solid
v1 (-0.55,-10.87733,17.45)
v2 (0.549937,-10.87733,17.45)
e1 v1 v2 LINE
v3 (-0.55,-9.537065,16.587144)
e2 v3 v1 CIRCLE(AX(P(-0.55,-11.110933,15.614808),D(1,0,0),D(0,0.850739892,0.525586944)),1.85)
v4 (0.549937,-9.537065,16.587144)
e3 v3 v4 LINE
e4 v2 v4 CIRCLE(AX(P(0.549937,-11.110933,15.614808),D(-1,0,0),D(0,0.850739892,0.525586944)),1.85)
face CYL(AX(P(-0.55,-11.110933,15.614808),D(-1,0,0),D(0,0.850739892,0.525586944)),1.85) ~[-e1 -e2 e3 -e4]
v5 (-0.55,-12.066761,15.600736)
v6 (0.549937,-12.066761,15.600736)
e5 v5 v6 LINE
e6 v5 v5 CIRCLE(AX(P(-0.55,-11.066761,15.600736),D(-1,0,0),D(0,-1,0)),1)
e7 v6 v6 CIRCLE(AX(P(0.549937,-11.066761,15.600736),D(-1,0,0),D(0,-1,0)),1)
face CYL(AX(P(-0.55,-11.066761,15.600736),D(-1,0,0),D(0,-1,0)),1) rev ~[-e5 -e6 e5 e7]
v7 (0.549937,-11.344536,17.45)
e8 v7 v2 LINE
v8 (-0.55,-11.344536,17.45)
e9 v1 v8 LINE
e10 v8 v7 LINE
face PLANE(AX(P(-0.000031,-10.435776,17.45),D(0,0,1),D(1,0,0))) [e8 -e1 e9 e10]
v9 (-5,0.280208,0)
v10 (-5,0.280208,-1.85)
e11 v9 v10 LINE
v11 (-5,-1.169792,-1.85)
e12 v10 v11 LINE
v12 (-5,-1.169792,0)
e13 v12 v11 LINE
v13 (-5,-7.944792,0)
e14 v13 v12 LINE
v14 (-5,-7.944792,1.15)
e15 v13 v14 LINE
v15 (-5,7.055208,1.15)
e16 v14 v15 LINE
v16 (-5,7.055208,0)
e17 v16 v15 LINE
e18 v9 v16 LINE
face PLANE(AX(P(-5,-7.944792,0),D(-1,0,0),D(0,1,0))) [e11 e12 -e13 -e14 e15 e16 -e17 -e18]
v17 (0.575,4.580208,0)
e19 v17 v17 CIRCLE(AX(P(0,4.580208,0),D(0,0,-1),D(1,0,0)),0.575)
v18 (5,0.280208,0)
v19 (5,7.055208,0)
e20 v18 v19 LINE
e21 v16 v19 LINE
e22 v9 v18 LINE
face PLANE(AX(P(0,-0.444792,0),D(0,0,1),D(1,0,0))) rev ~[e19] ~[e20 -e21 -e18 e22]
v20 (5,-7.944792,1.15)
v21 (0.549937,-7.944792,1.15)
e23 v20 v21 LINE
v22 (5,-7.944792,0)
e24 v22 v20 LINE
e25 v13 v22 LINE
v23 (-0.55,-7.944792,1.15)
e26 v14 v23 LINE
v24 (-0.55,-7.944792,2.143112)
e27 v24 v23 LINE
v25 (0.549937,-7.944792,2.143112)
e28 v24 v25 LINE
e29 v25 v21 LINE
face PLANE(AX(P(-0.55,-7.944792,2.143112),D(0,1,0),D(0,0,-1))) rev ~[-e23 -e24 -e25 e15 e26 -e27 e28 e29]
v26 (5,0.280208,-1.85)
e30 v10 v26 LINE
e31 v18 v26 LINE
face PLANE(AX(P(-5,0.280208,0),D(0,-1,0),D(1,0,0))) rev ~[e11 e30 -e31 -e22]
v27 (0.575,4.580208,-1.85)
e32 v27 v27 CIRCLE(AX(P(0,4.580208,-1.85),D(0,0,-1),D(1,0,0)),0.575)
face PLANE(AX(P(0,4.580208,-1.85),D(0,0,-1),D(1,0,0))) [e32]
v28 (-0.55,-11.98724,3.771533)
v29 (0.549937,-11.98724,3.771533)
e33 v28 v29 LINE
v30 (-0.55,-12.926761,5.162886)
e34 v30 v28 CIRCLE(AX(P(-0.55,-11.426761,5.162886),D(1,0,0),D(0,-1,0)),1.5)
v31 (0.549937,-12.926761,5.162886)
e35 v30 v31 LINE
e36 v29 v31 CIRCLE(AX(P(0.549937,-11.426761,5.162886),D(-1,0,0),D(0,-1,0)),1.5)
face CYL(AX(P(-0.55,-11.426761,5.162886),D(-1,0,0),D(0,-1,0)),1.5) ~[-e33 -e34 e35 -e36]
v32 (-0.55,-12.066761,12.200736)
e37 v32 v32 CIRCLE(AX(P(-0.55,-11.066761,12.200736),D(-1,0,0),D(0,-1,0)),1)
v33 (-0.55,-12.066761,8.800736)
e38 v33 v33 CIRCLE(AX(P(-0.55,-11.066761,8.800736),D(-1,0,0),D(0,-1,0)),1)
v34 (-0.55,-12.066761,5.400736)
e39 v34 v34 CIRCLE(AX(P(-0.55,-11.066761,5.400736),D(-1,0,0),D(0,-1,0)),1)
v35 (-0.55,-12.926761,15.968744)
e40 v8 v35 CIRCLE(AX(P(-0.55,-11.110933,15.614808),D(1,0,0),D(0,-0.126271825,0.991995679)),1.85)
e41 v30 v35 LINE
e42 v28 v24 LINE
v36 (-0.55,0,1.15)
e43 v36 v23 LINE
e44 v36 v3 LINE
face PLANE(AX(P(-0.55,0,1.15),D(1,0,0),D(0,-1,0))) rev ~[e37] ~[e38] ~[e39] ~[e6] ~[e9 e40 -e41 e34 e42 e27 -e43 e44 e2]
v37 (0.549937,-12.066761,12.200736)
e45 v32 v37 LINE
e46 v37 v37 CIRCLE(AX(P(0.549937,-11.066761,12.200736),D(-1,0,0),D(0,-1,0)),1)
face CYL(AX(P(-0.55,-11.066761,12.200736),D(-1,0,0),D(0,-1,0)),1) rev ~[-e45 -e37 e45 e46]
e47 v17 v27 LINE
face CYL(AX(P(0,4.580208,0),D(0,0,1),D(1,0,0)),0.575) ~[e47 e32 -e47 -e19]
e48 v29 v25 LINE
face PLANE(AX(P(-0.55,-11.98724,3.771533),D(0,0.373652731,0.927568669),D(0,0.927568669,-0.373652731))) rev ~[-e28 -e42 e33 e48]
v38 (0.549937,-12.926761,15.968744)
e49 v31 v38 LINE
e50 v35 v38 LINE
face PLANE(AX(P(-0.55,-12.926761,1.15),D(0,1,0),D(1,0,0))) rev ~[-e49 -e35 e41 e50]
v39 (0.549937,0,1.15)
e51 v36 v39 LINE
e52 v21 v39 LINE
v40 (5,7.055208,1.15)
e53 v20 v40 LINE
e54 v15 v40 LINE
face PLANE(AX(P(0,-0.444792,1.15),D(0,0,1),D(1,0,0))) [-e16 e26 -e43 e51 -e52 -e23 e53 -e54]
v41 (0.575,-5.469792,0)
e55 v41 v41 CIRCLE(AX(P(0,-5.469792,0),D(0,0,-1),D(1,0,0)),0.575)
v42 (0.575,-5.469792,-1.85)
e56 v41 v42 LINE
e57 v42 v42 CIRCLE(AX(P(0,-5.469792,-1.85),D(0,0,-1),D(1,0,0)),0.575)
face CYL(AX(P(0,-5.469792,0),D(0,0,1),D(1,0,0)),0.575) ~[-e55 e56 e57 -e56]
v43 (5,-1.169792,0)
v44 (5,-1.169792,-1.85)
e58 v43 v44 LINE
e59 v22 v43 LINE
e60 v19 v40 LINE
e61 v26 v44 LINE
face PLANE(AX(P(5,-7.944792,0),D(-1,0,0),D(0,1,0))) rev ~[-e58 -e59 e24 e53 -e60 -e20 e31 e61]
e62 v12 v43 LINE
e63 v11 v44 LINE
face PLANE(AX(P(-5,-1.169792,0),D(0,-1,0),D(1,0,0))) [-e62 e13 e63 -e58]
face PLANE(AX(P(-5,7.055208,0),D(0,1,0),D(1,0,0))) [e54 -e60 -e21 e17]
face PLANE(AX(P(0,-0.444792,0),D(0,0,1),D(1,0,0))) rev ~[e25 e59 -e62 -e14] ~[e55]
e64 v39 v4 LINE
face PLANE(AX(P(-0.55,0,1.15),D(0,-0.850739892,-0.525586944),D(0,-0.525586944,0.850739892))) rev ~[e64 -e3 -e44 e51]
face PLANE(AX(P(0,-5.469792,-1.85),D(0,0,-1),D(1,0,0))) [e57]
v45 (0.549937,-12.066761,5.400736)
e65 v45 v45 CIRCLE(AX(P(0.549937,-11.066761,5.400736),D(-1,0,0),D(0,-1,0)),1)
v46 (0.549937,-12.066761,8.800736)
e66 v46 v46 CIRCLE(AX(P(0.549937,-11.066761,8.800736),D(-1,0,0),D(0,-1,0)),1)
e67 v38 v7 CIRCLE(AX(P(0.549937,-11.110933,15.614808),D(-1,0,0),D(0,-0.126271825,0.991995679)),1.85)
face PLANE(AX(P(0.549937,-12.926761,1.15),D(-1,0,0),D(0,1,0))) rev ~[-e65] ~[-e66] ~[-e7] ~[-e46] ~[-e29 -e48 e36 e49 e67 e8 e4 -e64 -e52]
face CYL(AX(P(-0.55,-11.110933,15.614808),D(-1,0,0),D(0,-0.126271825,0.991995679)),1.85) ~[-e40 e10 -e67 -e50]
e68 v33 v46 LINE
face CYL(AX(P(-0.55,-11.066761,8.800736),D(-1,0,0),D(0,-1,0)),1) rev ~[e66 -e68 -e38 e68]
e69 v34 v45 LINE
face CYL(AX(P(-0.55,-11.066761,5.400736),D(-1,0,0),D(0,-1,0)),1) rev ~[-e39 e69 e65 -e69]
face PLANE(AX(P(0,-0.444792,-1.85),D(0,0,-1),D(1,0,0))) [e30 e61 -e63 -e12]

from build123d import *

# Parameters (mm, degrees)
F0_W     = 10
F0_H     = 15
F1_DEPTH = 1.15
F2_W     = 10
F2_H     = 1.45
F2_R     = 0.575
F3_DEPTH = 1.85
F5_W     = 1.0999371812
F5_H     = 4.9819686796
F5_H_2   = 7.9447921516
F6_DEPTH = 16.3
F7_R     = 1
F8_DEPTH = 3


with BuildPart() as f1:
    # F0 (on Top) → F1 (new body)
    with BuildSketch(Plane.XY):
        with Locations((4.657e-07, -0.4447921516)):
            Rectangle(F0_W, F0_H)
    extrude(amount=F1_DEPTH)

    # F2 (on face) → F3 (join)
    with BuildSketch(Plane(origin=(0, 0, 0), x_dir=(1, 0, 0), z_dir=(0, 0, -1))):
        with Locations((4.657e-07, 0.4447921516)):
            Rectangle(F2_W, F2_H)
        with Locations((4.657e-07, -4.5802078484)):
            Circle(F2_R)
        with Locations((4.657e-07, 5.4697921516)):
            Circle(F2_R)
    extrude(amount=F3_DEPTH)

    # F5 (on face) → F6 (join)
    with BuildSketch(Plane.XY.offset(1.15)):
        with Locations((-3.14094e-05, -10.4357764914)):
            Rectangle(F5_W, F5_H)
        with Locations((-3.14094e-05, -3.9723960758)):
            Rectangle(F5_W, F5_H_2)
    extrude(amount=F6_DEPTH)

    # F7 (on face) → F8 (cut)
    with BuildSketch(Plane(origin=(-0.55, 0, 0), x_dir=(0, -1, 0), z_dir=(-1, 0, 0))):
        with BuildLine():
            Line((0, 17.45), (0, 1.15))
            Line((0, 1.15), (9.5370645307, 16.5871438408))
            ThreePointArc((9.5370645307, 16.5871438408), (10.109500032, 17.170324419), (10.8773304556, 17.45))
            Line((10.8773304556, 17.45), (0, 17.45))
        make_face()
        with BuildLine():
            Line((12.9267608312, 17.45), (11.3445362076, 17.45))
            ThreePointArc((11.3445362076, 17.45), (12.375279512, 16.9653370525), (12.9267608312, 15.9687437117))
            Line((12.9267608312, 15.9687437117), (12.9267608312, 17.45))
        make_face()
        with Locations((11.0667608312, 15.6007357099)):
            Circle(F7_R)
        with Locations((11.0667608312, 12.2007357099)):
            Circle(F7_R)
        with Locations((11.0667608312, 8.8007357099)):
            Circle(F7_R)
        with Locations((11.0667608312, 5.4007357099)):
            Circle(F7_R)
        with BuildLine():
            Line((7.9447921516, 2.1431122441), (7.9447921516, 1.15))
            Line((7.9447921516, 1.15), (12.9267608312, 1.15))
            Line((12.9267608312, 1.15), (12.9267608312, 4.15))
            Line((12.9267608312, 4.15), (12.9267608312, 5.1628855511))
            ThreePointArc((12.9267608312, 5.1628855511), (12.6698856531, 4.3234567709), (11.9872399284, 3.7715325472))
            Line((11.9872399284, 3.7715325472), (7.9447921516, 2.1431122441))
        make_face()
    extrude(amount=-F8_DEPTH, mode=Mode.SUBTRACT)


solid = f1.part
